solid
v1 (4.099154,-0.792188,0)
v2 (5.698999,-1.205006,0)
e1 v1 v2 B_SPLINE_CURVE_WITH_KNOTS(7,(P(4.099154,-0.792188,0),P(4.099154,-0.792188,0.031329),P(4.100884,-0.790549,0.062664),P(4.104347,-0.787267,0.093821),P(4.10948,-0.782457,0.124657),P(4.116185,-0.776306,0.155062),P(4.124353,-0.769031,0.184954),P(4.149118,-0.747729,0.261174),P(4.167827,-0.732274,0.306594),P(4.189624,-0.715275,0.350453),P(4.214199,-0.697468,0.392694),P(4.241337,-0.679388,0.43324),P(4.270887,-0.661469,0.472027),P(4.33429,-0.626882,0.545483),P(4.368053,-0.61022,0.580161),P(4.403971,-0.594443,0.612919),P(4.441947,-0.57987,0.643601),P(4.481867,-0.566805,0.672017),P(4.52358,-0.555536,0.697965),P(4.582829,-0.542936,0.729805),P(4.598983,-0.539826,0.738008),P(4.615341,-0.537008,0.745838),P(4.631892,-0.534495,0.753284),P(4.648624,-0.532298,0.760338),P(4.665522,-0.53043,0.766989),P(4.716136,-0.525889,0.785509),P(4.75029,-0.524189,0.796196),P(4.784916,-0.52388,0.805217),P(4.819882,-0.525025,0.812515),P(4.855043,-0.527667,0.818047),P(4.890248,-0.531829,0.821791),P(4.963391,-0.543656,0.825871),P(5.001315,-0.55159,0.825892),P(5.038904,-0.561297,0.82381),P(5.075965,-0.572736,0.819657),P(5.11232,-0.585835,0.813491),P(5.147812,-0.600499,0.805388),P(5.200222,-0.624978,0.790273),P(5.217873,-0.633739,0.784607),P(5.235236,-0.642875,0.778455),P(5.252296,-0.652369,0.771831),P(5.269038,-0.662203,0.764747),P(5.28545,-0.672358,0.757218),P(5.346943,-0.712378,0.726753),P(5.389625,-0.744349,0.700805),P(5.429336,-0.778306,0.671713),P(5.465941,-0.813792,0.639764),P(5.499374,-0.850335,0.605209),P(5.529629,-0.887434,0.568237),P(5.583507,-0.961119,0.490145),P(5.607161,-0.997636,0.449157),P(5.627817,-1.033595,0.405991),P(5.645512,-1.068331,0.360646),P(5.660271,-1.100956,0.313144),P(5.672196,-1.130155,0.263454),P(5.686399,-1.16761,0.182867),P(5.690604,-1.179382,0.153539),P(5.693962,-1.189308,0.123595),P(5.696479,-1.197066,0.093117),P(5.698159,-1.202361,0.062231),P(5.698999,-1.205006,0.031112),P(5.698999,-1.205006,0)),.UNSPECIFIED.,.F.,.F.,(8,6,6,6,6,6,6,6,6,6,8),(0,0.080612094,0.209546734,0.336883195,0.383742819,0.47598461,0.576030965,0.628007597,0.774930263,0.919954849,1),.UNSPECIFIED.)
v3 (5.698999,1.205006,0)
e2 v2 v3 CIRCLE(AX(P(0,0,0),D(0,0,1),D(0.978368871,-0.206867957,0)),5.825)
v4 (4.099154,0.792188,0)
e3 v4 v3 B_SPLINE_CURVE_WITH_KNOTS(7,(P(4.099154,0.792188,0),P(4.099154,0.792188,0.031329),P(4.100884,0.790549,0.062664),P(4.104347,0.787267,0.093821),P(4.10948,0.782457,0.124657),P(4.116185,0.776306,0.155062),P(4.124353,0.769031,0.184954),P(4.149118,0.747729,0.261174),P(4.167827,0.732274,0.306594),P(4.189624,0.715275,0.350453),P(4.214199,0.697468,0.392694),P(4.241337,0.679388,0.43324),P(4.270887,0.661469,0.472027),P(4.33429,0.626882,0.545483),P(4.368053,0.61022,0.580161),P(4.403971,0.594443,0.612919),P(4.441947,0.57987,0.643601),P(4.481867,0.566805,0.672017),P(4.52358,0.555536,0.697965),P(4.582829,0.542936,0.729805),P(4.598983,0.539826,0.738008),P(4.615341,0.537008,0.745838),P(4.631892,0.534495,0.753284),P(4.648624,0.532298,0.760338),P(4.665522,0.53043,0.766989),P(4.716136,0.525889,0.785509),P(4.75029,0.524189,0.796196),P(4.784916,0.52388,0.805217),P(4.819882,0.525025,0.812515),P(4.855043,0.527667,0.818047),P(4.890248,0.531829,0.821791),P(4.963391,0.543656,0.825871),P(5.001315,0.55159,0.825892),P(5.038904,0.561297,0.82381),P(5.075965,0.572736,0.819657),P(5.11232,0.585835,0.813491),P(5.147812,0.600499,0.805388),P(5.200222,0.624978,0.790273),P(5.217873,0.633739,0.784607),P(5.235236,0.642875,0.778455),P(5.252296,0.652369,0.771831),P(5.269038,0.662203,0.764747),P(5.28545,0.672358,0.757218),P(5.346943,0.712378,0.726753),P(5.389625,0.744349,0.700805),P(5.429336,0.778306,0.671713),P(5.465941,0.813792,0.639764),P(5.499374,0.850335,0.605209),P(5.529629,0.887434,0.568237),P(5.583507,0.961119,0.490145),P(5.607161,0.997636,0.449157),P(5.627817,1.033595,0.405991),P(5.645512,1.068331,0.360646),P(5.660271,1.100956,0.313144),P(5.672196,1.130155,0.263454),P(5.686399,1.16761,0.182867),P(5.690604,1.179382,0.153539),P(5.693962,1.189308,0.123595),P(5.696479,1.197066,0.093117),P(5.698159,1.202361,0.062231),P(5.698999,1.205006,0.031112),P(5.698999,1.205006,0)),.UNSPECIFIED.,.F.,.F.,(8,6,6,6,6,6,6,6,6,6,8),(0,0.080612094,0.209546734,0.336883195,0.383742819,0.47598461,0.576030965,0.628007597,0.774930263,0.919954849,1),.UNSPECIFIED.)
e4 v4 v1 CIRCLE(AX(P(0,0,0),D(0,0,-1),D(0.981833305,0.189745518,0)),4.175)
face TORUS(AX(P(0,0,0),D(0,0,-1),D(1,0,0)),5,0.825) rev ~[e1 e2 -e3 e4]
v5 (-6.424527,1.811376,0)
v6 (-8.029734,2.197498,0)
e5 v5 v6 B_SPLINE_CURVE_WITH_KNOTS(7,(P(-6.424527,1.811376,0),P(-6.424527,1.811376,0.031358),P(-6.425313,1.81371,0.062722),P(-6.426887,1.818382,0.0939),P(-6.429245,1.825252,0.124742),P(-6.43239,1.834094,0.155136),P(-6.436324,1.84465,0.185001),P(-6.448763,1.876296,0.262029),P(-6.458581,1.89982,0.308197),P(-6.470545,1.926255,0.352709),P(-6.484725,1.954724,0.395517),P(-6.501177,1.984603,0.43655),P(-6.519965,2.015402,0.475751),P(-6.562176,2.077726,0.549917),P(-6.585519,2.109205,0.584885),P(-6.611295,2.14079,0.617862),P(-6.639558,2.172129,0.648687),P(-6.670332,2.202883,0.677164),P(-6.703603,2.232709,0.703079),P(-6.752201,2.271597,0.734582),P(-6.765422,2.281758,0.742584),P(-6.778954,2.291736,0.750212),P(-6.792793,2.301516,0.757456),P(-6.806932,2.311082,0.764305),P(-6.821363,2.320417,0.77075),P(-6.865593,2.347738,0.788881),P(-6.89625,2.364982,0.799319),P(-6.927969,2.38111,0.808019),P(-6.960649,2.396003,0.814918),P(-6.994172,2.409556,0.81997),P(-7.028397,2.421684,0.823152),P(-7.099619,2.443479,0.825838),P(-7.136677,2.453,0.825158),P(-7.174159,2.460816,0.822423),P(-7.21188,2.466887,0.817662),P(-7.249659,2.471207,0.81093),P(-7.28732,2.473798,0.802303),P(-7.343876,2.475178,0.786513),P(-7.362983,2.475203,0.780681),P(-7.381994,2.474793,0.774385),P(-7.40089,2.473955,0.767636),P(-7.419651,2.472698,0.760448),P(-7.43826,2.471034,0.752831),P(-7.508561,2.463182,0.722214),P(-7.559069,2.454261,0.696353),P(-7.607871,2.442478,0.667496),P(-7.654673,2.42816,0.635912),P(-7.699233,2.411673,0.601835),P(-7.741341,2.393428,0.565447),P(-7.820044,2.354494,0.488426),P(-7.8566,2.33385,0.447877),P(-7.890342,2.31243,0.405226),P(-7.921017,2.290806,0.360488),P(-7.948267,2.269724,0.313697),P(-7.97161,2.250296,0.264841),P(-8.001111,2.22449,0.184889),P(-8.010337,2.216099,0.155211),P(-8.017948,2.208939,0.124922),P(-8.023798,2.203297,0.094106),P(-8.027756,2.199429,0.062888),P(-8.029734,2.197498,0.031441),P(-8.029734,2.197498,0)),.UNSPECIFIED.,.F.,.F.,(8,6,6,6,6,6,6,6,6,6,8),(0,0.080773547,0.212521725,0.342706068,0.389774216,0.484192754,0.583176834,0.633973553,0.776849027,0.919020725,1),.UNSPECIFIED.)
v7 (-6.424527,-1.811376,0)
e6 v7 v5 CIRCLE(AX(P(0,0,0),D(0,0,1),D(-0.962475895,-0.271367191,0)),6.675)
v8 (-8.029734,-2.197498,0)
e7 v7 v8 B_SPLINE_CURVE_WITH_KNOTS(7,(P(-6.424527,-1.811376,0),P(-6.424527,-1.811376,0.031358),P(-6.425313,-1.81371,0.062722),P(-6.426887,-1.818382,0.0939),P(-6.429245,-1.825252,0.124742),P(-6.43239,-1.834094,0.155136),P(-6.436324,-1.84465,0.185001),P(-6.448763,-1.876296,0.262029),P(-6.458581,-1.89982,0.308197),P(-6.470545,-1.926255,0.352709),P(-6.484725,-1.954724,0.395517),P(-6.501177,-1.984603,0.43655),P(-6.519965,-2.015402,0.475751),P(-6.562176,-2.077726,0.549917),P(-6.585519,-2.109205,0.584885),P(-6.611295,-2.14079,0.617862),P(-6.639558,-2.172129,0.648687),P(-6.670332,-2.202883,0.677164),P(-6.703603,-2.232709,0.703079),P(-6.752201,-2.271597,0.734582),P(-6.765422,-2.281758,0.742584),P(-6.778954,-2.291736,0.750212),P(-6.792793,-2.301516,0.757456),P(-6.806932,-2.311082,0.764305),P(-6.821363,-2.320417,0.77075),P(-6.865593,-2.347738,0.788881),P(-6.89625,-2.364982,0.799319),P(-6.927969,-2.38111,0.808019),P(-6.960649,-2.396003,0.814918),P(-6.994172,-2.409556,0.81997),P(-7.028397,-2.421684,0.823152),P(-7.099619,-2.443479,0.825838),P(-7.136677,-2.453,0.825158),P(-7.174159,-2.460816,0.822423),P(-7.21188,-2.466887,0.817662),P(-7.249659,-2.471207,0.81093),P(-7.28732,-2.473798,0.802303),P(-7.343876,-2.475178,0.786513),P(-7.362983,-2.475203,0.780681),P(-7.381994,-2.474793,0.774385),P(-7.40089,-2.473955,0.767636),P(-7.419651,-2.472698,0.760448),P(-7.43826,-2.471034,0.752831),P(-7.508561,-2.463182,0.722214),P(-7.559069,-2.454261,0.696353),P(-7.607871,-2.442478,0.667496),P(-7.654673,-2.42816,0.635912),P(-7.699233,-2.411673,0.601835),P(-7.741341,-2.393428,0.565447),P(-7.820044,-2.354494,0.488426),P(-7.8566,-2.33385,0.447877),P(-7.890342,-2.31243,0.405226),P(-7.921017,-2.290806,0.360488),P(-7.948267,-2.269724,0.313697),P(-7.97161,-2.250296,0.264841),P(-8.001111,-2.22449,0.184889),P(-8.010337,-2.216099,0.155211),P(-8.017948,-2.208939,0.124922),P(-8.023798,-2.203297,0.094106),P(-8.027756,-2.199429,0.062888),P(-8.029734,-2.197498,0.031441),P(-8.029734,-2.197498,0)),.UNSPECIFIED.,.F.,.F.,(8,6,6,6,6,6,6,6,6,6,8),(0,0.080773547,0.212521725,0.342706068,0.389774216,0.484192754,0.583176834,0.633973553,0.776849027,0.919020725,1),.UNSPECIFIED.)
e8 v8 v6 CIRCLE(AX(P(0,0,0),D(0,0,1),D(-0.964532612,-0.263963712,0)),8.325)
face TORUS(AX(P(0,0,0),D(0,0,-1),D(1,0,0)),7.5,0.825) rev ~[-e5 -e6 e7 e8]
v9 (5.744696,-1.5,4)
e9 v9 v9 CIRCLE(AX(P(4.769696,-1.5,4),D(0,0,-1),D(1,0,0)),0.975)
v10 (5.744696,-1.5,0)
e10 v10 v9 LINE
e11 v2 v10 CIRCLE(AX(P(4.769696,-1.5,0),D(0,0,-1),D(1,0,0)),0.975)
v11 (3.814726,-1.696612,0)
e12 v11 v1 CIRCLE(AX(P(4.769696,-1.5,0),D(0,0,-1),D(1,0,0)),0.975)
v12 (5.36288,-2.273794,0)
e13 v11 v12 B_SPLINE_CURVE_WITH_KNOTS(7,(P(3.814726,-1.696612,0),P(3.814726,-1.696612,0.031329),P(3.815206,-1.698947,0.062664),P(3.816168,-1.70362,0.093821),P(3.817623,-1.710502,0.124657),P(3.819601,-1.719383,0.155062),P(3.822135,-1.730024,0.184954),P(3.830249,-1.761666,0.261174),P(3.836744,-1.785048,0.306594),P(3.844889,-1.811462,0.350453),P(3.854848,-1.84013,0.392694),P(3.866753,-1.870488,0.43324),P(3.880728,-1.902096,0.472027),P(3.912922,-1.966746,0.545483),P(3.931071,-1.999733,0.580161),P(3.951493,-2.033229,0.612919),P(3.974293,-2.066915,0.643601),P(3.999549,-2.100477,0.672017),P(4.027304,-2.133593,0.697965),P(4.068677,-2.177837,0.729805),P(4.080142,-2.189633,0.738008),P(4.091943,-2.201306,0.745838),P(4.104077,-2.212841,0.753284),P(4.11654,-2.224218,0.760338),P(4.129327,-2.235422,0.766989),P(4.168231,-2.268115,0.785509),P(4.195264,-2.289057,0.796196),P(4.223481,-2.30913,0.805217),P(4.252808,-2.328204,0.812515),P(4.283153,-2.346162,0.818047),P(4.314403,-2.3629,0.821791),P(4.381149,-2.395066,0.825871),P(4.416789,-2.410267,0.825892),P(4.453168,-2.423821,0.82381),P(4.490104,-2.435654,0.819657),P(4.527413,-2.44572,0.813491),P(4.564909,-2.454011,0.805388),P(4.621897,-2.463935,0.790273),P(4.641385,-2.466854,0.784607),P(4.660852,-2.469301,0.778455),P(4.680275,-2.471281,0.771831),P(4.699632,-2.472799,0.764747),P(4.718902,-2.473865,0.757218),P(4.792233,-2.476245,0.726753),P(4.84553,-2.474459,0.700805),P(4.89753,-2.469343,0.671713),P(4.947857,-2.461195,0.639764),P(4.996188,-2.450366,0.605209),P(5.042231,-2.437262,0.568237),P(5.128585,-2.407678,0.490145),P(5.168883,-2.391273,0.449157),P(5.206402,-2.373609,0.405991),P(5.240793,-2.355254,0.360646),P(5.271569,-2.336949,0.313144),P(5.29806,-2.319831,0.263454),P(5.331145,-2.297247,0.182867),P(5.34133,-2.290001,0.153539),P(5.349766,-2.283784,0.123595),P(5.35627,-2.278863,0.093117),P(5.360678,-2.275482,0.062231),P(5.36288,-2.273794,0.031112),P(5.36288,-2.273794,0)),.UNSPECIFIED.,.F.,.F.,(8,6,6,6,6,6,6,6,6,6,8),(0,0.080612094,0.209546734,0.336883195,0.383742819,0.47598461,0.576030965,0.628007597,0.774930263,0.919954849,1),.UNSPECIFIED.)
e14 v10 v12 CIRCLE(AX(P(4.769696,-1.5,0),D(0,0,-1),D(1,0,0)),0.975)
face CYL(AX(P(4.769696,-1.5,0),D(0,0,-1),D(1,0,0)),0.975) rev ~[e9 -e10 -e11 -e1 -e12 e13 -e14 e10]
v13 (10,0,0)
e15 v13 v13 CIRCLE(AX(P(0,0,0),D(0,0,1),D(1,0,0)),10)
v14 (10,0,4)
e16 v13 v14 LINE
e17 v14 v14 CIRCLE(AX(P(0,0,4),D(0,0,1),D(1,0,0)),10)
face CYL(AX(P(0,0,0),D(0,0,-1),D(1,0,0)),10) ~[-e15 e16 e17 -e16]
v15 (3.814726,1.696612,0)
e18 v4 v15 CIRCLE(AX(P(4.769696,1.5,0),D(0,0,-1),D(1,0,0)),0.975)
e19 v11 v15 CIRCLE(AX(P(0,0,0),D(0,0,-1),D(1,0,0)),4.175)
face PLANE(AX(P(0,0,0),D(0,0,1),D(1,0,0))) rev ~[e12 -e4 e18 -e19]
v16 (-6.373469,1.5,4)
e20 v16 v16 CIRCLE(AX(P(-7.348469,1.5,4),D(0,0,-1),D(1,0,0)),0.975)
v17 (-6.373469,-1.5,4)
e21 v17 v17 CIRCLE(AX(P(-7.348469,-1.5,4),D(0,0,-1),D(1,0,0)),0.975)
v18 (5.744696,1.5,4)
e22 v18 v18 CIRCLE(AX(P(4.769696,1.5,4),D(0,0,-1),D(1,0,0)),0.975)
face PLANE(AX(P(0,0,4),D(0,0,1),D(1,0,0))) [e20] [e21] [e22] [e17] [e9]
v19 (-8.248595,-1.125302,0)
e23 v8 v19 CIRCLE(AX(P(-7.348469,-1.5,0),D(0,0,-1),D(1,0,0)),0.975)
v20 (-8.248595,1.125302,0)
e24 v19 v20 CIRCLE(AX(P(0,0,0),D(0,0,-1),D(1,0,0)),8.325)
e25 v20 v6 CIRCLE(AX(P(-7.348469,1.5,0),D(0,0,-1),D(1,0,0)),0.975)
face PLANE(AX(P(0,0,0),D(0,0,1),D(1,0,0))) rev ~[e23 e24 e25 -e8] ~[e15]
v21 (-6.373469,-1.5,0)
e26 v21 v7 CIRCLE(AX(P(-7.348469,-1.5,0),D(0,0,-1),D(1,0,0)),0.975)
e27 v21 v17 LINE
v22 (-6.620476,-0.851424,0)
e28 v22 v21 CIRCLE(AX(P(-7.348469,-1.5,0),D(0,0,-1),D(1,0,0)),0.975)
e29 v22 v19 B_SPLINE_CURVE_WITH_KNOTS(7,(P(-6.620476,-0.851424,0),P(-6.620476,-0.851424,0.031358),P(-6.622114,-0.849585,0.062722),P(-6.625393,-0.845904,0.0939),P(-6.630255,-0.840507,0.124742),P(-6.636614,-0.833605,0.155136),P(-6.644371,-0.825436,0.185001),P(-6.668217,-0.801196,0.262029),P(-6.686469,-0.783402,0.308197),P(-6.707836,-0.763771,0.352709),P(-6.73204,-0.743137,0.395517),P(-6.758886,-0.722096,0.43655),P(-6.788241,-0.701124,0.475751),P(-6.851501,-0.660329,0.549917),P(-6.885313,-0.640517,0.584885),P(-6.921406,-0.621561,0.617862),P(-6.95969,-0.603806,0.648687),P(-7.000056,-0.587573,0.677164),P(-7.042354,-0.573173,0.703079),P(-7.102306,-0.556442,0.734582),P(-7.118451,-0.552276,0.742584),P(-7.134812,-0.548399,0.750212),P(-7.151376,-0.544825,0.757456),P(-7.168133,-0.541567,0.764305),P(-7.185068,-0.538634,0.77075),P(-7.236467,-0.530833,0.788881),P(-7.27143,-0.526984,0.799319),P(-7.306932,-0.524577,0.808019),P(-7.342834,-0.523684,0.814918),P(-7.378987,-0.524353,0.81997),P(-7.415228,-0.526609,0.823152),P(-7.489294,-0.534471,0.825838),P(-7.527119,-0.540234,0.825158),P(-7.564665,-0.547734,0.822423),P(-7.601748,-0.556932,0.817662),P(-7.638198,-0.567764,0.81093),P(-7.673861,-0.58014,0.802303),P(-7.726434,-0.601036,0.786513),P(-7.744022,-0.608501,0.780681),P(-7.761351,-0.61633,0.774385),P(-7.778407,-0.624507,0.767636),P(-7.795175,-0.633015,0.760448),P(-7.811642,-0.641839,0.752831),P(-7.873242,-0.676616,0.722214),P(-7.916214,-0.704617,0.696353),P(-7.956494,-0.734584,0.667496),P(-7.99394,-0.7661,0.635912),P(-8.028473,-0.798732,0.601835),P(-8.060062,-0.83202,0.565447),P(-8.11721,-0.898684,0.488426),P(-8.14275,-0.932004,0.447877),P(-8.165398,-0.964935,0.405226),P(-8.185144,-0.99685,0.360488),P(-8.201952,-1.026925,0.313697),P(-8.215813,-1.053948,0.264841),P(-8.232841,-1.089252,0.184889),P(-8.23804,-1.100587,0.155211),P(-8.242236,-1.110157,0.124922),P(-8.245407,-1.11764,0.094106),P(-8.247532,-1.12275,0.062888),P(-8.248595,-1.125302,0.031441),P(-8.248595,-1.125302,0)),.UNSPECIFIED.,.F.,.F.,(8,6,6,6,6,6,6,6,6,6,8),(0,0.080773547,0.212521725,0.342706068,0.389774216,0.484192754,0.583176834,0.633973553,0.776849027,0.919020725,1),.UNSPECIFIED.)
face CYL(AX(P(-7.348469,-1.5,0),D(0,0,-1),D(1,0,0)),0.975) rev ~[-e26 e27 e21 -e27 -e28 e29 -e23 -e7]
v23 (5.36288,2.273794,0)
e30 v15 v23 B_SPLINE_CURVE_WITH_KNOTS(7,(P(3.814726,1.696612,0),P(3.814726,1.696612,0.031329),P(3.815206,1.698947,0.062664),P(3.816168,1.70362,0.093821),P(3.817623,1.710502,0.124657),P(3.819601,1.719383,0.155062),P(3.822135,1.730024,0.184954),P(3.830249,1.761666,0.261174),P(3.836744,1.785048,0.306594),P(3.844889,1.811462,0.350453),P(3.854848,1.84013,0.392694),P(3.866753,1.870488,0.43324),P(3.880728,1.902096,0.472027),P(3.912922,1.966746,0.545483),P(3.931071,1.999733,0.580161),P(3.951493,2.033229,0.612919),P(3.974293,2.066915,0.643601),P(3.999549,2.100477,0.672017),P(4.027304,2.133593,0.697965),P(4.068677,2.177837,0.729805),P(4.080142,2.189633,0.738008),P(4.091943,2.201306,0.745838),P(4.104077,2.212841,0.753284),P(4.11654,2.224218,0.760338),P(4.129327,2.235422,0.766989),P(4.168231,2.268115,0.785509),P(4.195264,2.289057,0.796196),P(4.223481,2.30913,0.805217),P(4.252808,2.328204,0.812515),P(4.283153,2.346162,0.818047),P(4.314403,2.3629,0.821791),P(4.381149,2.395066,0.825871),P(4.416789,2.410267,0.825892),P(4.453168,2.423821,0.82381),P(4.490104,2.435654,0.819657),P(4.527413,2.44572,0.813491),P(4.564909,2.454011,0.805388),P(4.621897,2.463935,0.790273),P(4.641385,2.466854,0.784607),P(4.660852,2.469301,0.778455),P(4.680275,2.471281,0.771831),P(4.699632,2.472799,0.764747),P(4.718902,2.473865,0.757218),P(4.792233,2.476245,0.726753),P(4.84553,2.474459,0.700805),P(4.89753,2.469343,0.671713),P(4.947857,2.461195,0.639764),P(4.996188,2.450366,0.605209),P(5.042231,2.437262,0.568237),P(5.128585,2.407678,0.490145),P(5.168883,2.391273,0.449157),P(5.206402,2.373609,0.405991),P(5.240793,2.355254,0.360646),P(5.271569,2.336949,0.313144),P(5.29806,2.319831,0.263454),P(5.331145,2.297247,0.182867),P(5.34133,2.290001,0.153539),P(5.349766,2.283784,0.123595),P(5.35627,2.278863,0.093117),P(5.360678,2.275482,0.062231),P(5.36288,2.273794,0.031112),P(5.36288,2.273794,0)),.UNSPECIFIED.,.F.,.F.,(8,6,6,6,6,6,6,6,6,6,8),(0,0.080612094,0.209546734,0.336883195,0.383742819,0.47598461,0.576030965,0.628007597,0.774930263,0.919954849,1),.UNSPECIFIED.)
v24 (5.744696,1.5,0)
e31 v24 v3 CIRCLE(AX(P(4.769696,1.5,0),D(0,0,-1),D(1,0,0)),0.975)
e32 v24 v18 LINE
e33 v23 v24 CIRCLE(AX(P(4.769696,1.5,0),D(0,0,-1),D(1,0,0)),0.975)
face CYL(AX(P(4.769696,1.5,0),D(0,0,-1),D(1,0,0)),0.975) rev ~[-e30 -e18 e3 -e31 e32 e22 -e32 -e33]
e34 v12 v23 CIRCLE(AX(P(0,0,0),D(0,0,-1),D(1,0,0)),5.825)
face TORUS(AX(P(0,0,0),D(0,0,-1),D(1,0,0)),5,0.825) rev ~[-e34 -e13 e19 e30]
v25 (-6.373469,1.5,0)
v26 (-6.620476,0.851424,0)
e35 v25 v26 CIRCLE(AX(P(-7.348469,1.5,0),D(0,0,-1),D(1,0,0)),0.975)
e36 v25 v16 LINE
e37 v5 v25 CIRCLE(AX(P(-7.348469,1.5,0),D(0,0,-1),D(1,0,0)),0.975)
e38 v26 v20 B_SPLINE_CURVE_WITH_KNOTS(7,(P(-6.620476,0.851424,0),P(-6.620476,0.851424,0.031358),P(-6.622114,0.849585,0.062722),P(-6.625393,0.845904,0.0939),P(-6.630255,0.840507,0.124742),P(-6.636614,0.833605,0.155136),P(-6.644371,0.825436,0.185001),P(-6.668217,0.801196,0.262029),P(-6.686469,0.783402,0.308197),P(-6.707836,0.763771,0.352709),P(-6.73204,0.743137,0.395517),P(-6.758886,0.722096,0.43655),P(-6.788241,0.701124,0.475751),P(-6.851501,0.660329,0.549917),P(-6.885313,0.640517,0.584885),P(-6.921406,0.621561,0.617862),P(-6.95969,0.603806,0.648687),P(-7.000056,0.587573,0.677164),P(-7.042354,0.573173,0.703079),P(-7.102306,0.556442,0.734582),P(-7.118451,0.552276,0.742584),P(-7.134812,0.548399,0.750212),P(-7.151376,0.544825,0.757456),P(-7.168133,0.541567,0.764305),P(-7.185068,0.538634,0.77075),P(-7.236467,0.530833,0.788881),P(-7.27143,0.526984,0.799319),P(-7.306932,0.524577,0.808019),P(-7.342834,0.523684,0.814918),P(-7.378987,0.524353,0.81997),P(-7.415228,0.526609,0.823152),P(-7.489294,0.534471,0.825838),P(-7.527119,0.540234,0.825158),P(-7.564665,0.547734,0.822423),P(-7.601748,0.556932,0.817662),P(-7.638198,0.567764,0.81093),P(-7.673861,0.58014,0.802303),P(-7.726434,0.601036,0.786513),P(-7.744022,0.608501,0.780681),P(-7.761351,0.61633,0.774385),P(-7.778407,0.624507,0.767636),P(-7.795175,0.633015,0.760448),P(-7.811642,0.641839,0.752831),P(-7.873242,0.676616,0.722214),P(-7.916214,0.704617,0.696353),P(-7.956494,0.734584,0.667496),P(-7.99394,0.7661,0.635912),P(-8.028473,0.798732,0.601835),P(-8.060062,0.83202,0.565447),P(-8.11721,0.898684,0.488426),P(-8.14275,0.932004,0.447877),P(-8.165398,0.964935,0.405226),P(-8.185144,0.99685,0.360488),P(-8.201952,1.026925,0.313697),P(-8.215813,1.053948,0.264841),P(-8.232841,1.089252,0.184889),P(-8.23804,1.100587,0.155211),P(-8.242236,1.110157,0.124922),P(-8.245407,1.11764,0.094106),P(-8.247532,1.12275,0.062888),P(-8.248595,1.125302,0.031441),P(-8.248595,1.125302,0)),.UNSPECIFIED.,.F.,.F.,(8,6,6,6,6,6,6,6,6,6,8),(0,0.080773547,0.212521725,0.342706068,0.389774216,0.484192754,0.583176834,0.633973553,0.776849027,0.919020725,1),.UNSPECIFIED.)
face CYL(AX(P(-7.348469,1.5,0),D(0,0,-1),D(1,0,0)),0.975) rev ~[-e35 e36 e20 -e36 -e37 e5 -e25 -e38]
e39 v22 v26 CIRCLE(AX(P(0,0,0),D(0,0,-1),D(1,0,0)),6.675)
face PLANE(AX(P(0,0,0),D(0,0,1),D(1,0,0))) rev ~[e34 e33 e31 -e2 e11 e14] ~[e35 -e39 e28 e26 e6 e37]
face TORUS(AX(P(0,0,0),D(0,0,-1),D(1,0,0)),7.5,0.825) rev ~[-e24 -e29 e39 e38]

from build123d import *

# Parameters (mm, degrees)
F1_R     = 10
F2_DEPTH = 4
F4_R     = 0.825
F6_R     = 0.975
F7_DEPTH = 4


with BuildPart() as f2:
    # F1 (on Top) → F2 (new body)
    with BuildSketch(Plane.XY):
        Circle(F1_R)
    extrude(amount=F2_DEPTH)

    # F5: sweep along a path in F3
    with BuildLine(Plane(origin=(0, 0, 0), x_dir=(1, 0, 0), z_dir=(0, 0, -1))) as f5_path:
        CenterArc((0, 0), 7.5, 0, 360)
    # F4 (on Front) → F5 (sweep, cut)
    with BuildSketch(Plane.XZ):
        with Locations((5, 0)):
            Circle(F4_R)
        with Locations((7.5, 0)):
            Circle(F4_R)
    sweep(path=f5_path.line, mode=Mode.SUBTRACT)

    # F6 (on face) → F7 (cut, through all)
    with BuildSketch(Plane(origin=(0, 0, 0), x_dir=(1, 0, 0), z_dir=(0, 0, -1))):
        with Locations((-7.3484692283, 1.5)):
            Circle(F6_R)
        with Locations((-7.3484692283, -1.5)):
            Circle(F6_R)
        with Locations((4.7696960071, 1.5)):
            Circle(F6_R)
        with Locations((4.7696960071, -1.5)):
            Circle(F6_R)
    extrude(amount=-F7_DEPTH, mode=Mode.SUBTRACT)


solid = f2.part
